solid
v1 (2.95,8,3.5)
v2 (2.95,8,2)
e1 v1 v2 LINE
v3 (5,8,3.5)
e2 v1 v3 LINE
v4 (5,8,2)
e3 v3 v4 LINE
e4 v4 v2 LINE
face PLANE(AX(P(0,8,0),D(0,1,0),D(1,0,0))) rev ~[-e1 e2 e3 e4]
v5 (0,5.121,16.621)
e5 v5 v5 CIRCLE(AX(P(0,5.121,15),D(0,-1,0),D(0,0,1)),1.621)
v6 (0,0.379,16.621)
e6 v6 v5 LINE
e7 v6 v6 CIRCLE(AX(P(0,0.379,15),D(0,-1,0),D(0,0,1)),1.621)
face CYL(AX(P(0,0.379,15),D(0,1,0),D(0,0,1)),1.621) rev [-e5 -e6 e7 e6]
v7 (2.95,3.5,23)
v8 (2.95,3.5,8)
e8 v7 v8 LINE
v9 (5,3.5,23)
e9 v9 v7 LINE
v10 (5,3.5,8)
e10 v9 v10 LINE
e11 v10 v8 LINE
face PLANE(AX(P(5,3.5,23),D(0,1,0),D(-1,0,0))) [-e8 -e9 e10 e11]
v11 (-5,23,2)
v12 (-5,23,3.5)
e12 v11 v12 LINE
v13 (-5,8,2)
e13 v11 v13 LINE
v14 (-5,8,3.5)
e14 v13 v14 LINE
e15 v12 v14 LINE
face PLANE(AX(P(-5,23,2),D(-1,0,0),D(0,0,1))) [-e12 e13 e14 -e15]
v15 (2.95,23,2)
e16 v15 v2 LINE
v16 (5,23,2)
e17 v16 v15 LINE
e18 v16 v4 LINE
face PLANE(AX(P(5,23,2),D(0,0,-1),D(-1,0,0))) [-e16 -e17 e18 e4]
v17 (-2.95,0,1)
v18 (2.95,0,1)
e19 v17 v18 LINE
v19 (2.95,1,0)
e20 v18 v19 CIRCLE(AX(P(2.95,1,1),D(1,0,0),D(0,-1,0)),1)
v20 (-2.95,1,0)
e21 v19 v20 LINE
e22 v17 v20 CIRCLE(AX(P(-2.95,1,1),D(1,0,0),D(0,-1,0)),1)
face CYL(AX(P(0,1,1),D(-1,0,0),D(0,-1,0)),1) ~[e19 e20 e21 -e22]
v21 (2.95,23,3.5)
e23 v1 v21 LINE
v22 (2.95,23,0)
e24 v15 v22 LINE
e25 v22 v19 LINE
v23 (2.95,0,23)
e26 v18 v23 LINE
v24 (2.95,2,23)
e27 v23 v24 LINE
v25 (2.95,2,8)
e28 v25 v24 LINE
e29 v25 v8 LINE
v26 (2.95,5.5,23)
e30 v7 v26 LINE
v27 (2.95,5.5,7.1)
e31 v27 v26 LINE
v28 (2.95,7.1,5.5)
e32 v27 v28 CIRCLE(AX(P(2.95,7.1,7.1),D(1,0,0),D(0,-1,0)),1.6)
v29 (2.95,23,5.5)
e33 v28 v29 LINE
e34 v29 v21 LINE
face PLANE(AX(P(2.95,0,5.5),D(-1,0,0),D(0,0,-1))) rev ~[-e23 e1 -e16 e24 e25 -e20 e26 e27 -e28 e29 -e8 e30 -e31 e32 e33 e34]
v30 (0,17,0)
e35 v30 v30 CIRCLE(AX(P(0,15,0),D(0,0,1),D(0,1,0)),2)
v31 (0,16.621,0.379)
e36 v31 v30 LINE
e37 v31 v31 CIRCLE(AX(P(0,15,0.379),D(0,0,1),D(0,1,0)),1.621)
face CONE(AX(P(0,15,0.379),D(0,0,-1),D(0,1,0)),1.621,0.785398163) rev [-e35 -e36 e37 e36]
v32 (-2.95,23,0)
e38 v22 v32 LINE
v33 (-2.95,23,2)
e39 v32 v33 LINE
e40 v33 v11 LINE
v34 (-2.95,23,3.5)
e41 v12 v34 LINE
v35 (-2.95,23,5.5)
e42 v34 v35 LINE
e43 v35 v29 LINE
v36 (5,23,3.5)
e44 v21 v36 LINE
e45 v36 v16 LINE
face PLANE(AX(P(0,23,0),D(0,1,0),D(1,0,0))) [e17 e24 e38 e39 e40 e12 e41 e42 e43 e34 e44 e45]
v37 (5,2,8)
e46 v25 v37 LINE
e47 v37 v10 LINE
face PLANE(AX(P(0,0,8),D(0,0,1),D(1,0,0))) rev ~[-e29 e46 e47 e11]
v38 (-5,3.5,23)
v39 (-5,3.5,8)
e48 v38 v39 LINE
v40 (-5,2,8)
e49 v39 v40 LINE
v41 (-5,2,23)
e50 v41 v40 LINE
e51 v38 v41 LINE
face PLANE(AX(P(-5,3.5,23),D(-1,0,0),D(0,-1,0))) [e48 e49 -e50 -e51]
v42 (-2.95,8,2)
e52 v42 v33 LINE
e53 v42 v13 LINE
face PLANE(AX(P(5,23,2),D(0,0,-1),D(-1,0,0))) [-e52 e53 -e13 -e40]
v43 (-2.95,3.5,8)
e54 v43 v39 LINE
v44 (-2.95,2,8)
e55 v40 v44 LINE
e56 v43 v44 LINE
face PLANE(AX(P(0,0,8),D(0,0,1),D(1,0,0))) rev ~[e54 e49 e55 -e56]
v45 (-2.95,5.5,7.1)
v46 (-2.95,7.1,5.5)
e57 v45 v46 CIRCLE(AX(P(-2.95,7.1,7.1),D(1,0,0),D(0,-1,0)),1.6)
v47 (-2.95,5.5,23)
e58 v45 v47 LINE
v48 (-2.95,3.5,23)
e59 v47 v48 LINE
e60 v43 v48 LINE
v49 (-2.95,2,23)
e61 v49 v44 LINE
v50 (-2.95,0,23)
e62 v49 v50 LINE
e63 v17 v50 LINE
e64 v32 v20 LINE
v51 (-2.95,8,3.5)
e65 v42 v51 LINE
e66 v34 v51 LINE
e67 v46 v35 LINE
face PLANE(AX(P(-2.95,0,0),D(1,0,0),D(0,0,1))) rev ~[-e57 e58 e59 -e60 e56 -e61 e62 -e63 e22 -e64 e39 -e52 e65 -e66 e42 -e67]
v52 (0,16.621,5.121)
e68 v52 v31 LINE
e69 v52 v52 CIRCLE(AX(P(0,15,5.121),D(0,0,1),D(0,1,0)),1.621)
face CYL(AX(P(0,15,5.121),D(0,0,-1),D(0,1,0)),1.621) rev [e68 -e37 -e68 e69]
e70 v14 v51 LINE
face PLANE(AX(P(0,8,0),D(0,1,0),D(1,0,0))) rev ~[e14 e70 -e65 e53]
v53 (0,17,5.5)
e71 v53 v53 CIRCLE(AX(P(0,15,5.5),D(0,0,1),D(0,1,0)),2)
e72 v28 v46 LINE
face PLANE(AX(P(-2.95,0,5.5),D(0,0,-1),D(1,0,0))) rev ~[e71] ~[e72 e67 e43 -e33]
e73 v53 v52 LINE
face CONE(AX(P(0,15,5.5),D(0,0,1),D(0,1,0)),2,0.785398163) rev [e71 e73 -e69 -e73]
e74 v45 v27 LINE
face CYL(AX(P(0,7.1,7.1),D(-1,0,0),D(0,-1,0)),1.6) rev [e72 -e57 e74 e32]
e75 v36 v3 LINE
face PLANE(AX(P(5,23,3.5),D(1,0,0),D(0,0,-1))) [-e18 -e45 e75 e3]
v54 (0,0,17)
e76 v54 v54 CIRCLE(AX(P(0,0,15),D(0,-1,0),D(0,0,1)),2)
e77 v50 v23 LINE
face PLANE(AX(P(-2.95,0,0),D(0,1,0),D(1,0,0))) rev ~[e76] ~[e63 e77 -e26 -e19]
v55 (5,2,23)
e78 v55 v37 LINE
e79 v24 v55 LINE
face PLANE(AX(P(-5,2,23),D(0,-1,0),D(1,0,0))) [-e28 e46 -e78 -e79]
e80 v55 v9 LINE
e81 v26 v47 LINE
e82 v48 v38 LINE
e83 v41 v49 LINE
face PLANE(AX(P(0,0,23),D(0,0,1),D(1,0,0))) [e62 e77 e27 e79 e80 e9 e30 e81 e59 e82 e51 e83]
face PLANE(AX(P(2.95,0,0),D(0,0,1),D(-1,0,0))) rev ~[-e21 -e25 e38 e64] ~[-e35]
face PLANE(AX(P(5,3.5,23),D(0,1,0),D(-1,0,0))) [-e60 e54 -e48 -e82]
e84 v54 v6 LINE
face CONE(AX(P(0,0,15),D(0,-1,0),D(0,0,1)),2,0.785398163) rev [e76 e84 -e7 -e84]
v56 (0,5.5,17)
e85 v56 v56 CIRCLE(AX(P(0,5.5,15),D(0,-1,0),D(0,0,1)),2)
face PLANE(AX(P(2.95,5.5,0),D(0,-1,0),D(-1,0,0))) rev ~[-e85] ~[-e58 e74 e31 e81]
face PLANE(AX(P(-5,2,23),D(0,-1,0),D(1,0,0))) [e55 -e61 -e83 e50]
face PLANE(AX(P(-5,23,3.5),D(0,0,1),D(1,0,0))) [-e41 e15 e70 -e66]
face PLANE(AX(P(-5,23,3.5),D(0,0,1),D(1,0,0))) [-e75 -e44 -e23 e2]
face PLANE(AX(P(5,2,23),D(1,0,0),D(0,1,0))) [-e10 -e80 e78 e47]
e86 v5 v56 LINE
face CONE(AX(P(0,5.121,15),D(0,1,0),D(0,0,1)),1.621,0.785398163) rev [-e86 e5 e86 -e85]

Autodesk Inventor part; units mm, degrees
sketch "Sketch_12" plane through (0, 0, 0) normal (0, 0, 1) x (1, 0, 0)
  line L0 (-2.95, 0) -> (2.95, 0)
  line L1 (2.95, 0) -> (2.95, 5.5)
  line L2 (2.95, 5.5) -> (-2.95, 5.5)
  line L3 (-2.95, 5.5) -> (-2.95, 0)
extrude "Extrusion1" add sketch "Sketch_12" along normal blind 23
sketch "Sketch_9" plane through (0, 0, 23) normal (0, 0, 1) x (1, 0, 0)
  line L0 (-5, 2) -> (5, 2)
  line L1 (5, 2) -> (5, 3.5)
  line L2 (5, 3.5) -> (-5, 3.5)
  line L3 (-5, 3.5) -> (-5, 2)
extrude "Extrusion2" add sketch "Sketch_9" against normal blind 15
sketch "Sketch_8" plane through (0, 0, 0) normal (0, 1, 0) x (-1, 0, 0)
  line L0 (2.95, 5.5) -> (-2.95, 5.5)
  line L1 (-2.95, 5.5) -> (-2.95, 0)
  line L2 (-2.95, 0) -> (2.95, 0)
  line L3 (2.95, 0) -> (2.95, 5.5)
extrude "Extrusion3" add sketch "Sketch_8" along normal blind 23
sketch "Sketch_2" plane through (0, 23, 0) normal (0, 1, 0) x (1, 0, 0)
  line L0 (-5, -3.5) -> (5, -3.5)
  line L1 (5, -3.5) -> (5, -2)
  line L2 (5, -2) -> (-5, -2)
  line L3 (-5, -2) -> (-5, -3.5)
extrude "Extrusion4" add sketch "Sketch_2" against normal blind 15
sketch "Sketch_4" plane through (0, 0, 0) normal (1, 0, 0) x (0, 1, 0)
  line L0 (5.5, 15) -> (0, 15)
  line L1 (0, 15) -> (0, 17)
  line L2 (0, 17) -> (0.379, 16.621)
  line L3 (0.379, 16.621) -> (5.121, 16.621)
  line L4 (5.121, 16.621) -> (5.5, 17)
  line L5 (5.5, 17) -> (5.5, 15)
  line L6 (5.5, 15) -> (0, 15)
revolve "Revolution1" cut sketch "Sketch_4" angle 360 about axis through (0, 5.5, 15) along (0, -1, 0)
thread "Thread1" size "M4x0.7" class "6H" standard "ISO Metric profile" full length
sketch "Sketch_5" plane through (0, 0, 0) normal (1, 0, 0) x (0, 1, 0)
  line L0 (15, 0) -> (15, 5.5)
  line L1 (15, 5.5) -> (17, 5.5)
  line L2 (17, 5.5) -> (16.621, 5.121)
  line L3 (16.621, 5.121) -> (16.621, 0.379)
  line L4 (16.621, 0.379) -> (17, 0)
  line L5 (17, 0) -> (15, 0)
  line L6 (15, 0) -> (15, 5.5)
revolve "Revolution2" cut sketch "Sketch_5" angle 360 about axis through (0, 15, 0) along (0, 0, 1)
thread "Thread2" size "M4x0.7" class "6H" standard "ISO Metric profile" full length
sketch "_____1" plane through (0, 0, 0) normal (1, 0, 0) x (0, 0, -1)
  line L0 (-7.1, 5.5) -> (-5.5, 5.5)
  line L1 (-5.5, 5.5) -> (-5.5, 7.1)
  arc A0 (-7.1, 5.5) -> (-5.5, 7.1) centre (-7.1, 7.1) ccw
extrude "Extrusion5" add sketch "_____1" along normal mid plane 5.9
sketch "_____2" plane through (0, 0, 0) normal (1, 0, 0) x (0, 0, -1)
  line L0 (-1, 0) -> (0, 0)
  line L1 (0, 0) -> (0, 1)
  arc A0 (-1, 0) -> (0, 1) centre (-1, 1) ccw
extrude "Extrusion6" cut sketch "_____2" along normal mid plane 5.9
ref_plane "bracket_to_screw1_XY" through (0, 15, 5) normal (0, 0, -1) x (1, 0, 0)
ref_plane "bracket_to_screw1_YZ" through (0, 15, 5) normal (1, 0, 0) x (0, -1, 0)
ref_plane "bracket_to_screw1_ZX" through (0, 15, 5) normal (0, -1, 0) x (0, 0, -1)
ref_plane "bracket_to_screw2_XY" through (0, 5, 15) normal (0, -1, 0) x (1, 0, 0)
ref_plane "bracket_to_screw2_YZ" through (0, 5, 15) normal (1, 0, 0) x (0, 0, 1)
ref_plane "bracket_to_screw2_ZX" through (0, 5, 15) normal (0, 0, 1) x (0, -1, 0)
properties part number "HBLBS5b"
